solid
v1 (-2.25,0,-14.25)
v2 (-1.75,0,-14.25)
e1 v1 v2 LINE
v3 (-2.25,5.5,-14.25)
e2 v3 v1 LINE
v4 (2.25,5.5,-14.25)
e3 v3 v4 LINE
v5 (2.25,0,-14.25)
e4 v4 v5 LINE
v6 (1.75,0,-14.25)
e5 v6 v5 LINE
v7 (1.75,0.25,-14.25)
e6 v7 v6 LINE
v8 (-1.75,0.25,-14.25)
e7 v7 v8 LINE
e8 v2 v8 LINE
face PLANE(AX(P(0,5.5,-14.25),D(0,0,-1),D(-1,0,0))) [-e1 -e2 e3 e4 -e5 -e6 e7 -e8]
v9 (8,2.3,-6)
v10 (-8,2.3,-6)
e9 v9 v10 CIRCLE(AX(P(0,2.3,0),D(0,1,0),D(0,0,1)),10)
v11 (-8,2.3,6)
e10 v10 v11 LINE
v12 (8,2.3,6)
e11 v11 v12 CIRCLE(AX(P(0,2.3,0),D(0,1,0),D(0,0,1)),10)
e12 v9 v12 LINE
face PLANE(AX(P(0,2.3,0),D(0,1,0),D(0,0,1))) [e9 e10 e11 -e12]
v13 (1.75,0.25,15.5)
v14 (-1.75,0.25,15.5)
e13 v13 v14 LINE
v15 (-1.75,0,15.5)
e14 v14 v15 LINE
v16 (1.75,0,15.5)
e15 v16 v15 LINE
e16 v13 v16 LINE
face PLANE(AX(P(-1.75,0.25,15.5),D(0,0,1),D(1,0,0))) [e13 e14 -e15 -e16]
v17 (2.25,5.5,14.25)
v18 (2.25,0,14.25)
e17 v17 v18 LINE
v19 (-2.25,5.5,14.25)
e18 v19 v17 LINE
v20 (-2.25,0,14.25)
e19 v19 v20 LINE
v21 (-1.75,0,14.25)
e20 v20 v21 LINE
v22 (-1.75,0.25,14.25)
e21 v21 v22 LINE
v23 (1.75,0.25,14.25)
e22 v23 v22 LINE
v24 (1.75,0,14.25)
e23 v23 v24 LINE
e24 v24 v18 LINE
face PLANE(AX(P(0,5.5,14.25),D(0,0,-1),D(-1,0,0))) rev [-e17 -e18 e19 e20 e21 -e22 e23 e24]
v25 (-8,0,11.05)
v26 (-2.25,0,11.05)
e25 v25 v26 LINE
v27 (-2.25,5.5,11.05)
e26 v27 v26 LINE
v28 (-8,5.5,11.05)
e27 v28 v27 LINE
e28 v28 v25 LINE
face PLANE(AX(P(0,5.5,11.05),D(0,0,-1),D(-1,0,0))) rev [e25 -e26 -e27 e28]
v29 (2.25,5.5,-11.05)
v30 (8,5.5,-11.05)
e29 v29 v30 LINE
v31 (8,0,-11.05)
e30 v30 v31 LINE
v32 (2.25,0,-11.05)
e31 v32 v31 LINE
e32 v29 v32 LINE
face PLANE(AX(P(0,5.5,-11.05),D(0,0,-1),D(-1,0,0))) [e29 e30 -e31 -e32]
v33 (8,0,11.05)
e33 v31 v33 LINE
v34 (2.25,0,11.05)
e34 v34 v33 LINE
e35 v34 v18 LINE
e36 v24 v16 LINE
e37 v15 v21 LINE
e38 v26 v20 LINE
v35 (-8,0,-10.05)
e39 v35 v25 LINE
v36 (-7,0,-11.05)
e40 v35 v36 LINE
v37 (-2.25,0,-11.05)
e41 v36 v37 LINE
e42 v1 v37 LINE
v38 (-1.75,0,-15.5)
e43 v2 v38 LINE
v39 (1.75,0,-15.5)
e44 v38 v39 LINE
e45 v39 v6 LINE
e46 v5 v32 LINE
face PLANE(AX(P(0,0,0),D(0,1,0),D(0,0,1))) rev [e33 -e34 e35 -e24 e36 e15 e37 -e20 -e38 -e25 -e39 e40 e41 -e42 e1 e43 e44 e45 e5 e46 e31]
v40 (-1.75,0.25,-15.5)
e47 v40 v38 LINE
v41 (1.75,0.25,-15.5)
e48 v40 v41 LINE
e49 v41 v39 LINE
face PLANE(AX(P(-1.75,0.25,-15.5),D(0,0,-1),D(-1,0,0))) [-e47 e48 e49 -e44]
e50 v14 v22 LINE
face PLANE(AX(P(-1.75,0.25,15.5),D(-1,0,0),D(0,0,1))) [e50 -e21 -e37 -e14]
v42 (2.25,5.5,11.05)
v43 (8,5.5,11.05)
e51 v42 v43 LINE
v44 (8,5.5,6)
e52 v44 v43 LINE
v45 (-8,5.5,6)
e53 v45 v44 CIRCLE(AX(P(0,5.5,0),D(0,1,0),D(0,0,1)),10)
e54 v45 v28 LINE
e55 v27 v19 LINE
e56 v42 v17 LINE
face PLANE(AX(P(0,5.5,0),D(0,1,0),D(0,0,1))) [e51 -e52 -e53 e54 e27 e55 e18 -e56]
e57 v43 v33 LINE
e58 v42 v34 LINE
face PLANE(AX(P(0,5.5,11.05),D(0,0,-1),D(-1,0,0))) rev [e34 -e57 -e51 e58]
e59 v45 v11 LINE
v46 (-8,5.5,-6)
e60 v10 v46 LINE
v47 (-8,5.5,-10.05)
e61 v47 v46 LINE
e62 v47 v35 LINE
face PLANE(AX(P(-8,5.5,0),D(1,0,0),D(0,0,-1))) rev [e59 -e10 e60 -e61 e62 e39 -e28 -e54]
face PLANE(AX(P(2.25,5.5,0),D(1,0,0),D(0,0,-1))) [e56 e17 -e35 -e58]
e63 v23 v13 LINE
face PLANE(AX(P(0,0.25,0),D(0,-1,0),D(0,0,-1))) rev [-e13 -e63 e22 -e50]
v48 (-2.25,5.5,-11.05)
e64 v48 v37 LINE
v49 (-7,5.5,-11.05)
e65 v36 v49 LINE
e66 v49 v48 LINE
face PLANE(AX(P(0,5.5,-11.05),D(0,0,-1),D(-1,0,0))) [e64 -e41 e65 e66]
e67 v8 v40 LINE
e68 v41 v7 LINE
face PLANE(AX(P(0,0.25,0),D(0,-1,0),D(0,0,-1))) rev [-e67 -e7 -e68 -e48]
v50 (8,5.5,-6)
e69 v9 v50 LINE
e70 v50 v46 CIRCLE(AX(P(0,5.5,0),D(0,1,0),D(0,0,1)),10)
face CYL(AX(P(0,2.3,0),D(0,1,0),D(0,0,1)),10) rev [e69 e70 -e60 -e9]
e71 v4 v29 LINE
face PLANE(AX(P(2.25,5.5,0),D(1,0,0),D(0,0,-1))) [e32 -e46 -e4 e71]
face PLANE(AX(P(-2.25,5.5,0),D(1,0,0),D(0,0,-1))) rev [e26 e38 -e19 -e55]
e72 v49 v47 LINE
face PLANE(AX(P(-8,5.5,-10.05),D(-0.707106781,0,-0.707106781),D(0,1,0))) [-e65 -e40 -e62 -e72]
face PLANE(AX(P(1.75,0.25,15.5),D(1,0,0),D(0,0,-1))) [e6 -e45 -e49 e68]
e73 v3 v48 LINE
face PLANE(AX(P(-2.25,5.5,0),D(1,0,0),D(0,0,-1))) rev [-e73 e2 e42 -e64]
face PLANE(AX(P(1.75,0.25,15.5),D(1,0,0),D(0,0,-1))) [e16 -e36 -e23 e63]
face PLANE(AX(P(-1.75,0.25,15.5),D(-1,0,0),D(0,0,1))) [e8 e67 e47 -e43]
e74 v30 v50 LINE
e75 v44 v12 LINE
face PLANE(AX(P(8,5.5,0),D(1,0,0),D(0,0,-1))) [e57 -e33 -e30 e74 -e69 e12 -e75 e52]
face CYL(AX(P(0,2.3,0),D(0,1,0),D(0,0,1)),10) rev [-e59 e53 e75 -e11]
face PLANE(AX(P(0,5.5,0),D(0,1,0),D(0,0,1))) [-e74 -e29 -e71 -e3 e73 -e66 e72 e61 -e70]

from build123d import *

# Parameters (mm, degrees)
SKETCH1_W           = 5.75
SKETCH1_H           = 22.1
SKETCH1_W_2         = 4.5
SKETCH1_H_2         = 3.2
BOSS_EXTRUDE1_DEPTH = 5.5
SKETCH2_R           = 10
CUT_EXTRUDE1_DEPTH  = 3.2
CHAMFER1_SIZE       = 1
SKETCH3_W           = 3.5
SKETCH3_H           = 31
BOSS_EXTRUDE2_DEPTH = 0.25


with BuildPart() as part:
    # Sketch1 → Boss-Extrude1 (new body)
    with BuildSketch(Plane(origin=(0, 0, 0), x_dir=(1, 0, 0), z_dir=(0, 1, 0))):
        with Locations((-5.125, 0)):
            Rectangle(SKETCH1_W, SKETCH1_H)
        Rectangle(SKETCH1_W_2, SKETCH1_H)
        with Locations((0, 12.65)):
            Rectangle(SKETCH1_W_2, SKETCH1_H_2)
        with Locations((0, -12.65)):
            Rectangle(SKETCH1_W_2, SKETCH1_H_2)
        with Locations((5.125, 0)):
            Rectangle(SKETCH1_W, SKETCH1_H)
    extrude(amount=BOSS_EXTRUDE1_DEPTH)

    # Sketch2 → Cut-Extrude1 (cut)
    with BuildSketch(Plane(origin=(0, 5.5, 0), x_dir=(1, 0, 0), z_dir=(0, 1, 0))):
        Circle(SKETCH2_R)
    extrude(amount=-CUT_EXTRUDE1_DEPTH, mode=Mode.SUBTRACT)

    # Chamfer1
    chamfer1_edges = [part.edges().sort_by_distance(p)[0] for p in [
        (-8, 2.75, -11.05),
    ]]
    chamfer(chamfer1_edges, length=CHAMFER1_SIZE)

    # Sketch3 → Boss-Extrude2 (add)
    with BuildSketch(Plane.XZ):
        Rectangle(SKETCH3_W, SKETCH3_H)
    extrude(amount=-BOSS_EXTRUDE2_DEPTH)


solid = part.part
